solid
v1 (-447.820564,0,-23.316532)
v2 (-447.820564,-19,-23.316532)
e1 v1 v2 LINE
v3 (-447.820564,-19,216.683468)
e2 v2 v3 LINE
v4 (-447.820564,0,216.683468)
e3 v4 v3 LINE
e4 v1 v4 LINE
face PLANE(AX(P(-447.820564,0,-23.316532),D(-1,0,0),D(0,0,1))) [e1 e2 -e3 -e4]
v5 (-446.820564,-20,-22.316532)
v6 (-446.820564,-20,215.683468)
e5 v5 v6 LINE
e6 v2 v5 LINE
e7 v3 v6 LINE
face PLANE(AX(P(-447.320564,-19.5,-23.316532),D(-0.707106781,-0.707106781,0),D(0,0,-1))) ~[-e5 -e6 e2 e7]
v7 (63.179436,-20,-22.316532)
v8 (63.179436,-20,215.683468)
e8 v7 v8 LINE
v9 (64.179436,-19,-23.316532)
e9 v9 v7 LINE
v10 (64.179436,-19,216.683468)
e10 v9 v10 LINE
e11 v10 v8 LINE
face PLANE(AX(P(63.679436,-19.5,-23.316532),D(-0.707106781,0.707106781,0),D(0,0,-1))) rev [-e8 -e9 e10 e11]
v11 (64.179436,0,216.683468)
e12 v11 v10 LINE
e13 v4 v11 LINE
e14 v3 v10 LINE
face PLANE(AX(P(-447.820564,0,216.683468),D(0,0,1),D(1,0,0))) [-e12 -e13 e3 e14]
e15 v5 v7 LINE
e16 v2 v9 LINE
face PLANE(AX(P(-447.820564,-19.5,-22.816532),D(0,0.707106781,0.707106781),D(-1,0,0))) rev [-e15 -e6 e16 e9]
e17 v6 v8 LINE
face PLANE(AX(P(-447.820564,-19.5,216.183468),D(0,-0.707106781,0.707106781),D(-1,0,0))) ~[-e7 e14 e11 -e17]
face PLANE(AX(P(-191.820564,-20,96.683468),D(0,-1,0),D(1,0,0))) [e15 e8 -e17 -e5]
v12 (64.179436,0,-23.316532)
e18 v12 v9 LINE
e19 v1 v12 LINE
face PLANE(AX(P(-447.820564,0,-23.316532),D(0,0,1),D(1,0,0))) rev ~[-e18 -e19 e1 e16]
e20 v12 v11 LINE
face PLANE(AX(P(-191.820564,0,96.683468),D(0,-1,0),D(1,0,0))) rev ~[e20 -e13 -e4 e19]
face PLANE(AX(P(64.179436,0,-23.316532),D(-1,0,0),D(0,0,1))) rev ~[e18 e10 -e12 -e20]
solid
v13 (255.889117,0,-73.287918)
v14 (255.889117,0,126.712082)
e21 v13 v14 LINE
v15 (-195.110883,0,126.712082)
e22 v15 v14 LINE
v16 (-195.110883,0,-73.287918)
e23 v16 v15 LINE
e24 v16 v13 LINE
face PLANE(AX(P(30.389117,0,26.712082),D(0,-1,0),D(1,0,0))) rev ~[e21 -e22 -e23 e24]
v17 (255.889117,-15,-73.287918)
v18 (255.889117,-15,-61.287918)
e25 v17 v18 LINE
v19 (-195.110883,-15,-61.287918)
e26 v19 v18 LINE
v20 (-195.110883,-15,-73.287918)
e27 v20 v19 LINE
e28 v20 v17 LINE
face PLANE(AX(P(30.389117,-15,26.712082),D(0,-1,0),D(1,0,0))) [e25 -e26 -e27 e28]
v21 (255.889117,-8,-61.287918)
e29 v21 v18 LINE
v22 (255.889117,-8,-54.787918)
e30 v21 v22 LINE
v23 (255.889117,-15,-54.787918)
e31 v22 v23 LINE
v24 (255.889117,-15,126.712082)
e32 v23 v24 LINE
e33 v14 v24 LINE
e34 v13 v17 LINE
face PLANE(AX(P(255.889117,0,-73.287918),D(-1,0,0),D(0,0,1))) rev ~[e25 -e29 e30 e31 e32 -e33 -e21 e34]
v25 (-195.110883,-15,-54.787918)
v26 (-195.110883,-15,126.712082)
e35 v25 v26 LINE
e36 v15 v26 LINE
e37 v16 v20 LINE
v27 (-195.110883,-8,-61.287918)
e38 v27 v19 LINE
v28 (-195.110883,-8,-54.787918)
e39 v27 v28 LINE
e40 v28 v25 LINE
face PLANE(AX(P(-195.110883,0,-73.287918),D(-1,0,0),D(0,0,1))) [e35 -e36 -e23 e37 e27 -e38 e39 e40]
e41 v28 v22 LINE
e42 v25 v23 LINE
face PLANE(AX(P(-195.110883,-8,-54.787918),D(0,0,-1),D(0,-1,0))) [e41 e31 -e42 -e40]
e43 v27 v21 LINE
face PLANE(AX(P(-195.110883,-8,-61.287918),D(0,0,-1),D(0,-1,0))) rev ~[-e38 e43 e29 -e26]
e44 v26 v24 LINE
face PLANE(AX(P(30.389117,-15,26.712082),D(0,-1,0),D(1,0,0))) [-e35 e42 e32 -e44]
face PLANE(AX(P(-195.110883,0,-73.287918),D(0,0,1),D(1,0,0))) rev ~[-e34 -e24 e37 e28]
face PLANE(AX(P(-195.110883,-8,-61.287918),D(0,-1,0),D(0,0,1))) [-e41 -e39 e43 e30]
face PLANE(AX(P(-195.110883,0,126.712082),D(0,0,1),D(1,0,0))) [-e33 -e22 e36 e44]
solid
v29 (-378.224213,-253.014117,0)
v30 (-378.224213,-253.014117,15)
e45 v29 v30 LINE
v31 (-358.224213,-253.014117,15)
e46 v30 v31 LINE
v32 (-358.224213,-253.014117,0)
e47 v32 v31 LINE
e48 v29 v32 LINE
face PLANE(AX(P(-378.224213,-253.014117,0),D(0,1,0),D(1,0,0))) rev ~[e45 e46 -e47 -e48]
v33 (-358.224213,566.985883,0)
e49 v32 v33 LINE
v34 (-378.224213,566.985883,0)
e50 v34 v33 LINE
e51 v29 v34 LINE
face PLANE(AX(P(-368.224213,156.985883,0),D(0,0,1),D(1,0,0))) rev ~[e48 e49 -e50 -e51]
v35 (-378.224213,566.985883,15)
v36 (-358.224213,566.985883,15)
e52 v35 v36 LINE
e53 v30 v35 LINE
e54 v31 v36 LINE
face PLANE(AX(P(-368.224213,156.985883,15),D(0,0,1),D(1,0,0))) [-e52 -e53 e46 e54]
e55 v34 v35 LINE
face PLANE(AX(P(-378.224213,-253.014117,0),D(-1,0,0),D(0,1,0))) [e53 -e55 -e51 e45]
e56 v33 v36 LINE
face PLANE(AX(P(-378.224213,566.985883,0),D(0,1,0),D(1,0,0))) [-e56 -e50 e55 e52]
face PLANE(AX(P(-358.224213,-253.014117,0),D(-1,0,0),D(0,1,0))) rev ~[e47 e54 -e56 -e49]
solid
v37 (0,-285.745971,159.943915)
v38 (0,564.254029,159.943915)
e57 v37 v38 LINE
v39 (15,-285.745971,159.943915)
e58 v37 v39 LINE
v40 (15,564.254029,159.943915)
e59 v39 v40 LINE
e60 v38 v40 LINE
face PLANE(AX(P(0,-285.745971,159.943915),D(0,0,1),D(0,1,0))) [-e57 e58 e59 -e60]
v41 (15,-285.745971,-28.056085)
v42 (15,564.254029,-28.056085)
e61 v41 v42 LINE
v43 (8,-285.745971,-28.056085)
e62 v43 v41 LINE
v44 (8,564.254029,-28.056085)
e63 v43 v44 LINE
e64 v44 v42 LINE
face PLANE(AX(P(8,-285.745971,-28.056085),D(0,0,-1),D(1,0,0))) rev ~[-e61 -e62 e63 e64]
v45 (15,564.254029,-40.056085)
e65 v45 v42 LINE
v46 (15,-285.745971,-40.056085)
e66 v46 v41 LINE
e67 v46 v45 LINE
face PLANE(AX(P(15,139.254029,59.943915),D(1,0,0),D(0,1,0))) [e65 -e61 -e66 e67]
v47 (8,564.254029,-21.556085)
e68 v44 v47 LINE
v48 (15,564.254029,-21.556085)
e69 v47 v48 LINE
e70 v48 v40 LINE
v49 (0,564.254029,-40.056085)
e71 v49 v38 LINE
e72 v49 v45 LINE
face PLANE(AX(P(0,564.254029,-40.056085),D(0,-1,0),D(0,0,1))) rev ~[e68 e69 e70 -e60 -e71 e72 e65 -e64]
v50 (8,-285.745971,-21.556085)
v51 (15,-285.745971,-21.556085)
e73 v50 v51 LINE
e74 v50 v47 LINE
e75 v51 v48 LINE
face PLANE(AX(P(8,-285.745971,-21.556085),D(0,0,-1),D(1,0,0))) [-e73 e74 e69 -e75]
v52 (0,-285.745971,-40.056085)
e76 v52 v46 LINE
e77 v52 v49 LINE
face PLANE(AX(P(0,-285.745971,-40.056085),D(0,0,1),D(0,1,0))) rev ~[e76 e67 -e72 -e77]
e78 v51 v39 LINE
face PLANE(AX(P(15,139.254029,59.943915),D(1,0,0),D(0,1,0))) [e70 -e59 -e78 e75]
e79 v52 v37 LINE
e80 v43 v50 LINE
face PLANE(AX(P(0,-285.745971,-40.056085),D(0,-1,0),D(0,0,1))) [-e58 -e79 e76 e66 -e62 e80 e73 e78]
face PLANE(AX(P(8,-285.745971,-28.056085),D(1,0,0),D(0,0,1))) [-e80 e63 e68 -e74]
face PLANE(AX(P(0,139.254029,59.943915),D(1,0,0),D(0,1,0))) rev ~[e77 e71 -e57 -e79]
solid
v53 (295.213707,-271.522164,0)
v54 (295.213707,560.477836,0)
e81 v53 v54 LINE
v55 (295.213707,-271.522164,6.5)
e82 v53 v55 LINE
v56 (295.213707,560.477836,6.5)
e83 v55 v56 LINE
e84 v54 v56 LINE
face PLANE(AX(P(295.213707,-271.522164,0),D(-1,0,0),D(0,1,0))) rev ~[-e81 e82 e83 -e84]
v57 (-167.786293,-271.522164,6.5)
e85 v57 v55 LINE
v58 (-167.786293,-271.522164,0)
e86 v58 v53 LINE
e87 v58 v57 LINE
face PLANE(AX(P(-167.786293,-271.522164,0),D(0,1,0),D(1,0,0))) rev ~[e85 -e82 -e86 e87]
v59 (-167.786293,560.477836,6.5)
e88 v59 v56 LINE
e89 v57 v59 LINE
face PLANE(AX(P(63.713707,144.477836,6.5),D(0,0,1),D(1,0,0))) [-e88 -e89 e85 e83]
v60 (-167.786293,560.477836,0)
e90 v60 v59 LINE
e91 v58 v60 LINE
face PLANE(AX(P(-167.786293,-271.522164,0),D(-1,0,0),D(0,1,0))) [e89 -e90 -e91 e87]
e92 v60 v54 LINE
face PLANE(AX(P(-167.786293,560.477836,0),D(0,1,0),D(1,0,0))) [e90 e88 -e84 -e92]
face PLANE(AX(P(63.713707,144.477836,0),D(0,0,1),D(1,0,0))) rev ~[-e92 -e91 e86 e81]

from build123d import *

# Parameters (mm, degrees)
F0_W      = 512
F0_H      = 240
F1_DEPTH  = 20
F2_SIZE   = 1
F3_W      = 850
F3_H      = 200
F4_DEPTH  = 15
F5_W      = 15
F5_H      = 6.5
F6_DEPTH  = 1000
F7_W      = 451
F7_H      = 200
F8_DEPTH  = 15
F9_W      = 17.3011739743
F9_H      = 6.5
F10_DEPTH = 1000
F11_W     = 463
F11_H     = 832
F12_DEPTH = 6.5
F13_W     = 20
F13_H     = 820
F14_DEPTH = 15


with BuildPart() as f1:
    # F0 (on Front) → F1 (new body)
    with BuildSketch(Plane.XZ):
        with Locations((-191.8205638528, 96.6834676266)):
            Rectangle(F0_W, F0_H)
    extrude(amount=F1_DEPTH)

    # F2
    f2_edges = [f1.edges().sort_by_distance(p)[0] for p in [
        (-191.820564, -20, -23.316532),
        (64.179436, -20, 96.683468),
        (-191.820564, -20, 216.683468),
        (-447.820564, -20, 96.683468),
    ]]
    chamfer(f2_edges, length=F2_SIZE)


with BuildPart() as f4:
    # F3 (on Right) → F4 (new body)
    with BuildSketch(Plane.YZ):
        with Locations((139.2540290207, 59.9439153292)):
            Rectangle(F3_W, F3_H)
    extrude(amount=F4_DEPTH)

    # F5 (on face) → F6 (cut)
    with BuildSketch(Plane.XZ.offset(285.7459709793)):
        with Locations((15.5, -24.8060846708)):
            Rectangle(F5_W, F5_H)
    extrude(amount=-F6_DEPTH, mode=Mode.SUBTRACT)


with BuildPart() as f8:
    # F7 (on Front) → F8 (new body)
    with BuildSketch(Plane.XZ):
        with Locations((30.3891174048, 26.7120815462)):
            Rectangle(F7_W, F7_H)
    extrude(amount=F8_DEPTH)

    # F9 (on face) → F10 (cut)
    with BuildSketch(Plane(origin=(-195.1108825952, 0, 0), x_dir=(0, -1, 0), z_dir=(-1, 0, 0))):
        with Locations((16.6505869871, -58.0379184538)):
            Rectangle(F9_W, F9_H)
    extrude(amount=-F10_DEPTH, mode=Mode.SUBTRACT)


with BuildPart() as f12:
    # F11 (on Top) → F12 (new body)
    with BuildSketch(Plane.XY):
        with Locations((63.7137074471, 144.4778356552)):
            Rectangle(F11_W, F11_H)
    extrude(amount=F12_DEPTH)


with BuildPart() as f14:
    # F13 (on Top) → F14 (new body)
    with BuildSketch(Plane.XY):
        with Locations((-368.2242131233, 156.9858825207)):
            Rectangle(F13_W, F13_H)
    extrude(amount=F14_DEPTH)


solid = Compound([f1.part, f4.part, f8.part, f12.part, f14.part])
